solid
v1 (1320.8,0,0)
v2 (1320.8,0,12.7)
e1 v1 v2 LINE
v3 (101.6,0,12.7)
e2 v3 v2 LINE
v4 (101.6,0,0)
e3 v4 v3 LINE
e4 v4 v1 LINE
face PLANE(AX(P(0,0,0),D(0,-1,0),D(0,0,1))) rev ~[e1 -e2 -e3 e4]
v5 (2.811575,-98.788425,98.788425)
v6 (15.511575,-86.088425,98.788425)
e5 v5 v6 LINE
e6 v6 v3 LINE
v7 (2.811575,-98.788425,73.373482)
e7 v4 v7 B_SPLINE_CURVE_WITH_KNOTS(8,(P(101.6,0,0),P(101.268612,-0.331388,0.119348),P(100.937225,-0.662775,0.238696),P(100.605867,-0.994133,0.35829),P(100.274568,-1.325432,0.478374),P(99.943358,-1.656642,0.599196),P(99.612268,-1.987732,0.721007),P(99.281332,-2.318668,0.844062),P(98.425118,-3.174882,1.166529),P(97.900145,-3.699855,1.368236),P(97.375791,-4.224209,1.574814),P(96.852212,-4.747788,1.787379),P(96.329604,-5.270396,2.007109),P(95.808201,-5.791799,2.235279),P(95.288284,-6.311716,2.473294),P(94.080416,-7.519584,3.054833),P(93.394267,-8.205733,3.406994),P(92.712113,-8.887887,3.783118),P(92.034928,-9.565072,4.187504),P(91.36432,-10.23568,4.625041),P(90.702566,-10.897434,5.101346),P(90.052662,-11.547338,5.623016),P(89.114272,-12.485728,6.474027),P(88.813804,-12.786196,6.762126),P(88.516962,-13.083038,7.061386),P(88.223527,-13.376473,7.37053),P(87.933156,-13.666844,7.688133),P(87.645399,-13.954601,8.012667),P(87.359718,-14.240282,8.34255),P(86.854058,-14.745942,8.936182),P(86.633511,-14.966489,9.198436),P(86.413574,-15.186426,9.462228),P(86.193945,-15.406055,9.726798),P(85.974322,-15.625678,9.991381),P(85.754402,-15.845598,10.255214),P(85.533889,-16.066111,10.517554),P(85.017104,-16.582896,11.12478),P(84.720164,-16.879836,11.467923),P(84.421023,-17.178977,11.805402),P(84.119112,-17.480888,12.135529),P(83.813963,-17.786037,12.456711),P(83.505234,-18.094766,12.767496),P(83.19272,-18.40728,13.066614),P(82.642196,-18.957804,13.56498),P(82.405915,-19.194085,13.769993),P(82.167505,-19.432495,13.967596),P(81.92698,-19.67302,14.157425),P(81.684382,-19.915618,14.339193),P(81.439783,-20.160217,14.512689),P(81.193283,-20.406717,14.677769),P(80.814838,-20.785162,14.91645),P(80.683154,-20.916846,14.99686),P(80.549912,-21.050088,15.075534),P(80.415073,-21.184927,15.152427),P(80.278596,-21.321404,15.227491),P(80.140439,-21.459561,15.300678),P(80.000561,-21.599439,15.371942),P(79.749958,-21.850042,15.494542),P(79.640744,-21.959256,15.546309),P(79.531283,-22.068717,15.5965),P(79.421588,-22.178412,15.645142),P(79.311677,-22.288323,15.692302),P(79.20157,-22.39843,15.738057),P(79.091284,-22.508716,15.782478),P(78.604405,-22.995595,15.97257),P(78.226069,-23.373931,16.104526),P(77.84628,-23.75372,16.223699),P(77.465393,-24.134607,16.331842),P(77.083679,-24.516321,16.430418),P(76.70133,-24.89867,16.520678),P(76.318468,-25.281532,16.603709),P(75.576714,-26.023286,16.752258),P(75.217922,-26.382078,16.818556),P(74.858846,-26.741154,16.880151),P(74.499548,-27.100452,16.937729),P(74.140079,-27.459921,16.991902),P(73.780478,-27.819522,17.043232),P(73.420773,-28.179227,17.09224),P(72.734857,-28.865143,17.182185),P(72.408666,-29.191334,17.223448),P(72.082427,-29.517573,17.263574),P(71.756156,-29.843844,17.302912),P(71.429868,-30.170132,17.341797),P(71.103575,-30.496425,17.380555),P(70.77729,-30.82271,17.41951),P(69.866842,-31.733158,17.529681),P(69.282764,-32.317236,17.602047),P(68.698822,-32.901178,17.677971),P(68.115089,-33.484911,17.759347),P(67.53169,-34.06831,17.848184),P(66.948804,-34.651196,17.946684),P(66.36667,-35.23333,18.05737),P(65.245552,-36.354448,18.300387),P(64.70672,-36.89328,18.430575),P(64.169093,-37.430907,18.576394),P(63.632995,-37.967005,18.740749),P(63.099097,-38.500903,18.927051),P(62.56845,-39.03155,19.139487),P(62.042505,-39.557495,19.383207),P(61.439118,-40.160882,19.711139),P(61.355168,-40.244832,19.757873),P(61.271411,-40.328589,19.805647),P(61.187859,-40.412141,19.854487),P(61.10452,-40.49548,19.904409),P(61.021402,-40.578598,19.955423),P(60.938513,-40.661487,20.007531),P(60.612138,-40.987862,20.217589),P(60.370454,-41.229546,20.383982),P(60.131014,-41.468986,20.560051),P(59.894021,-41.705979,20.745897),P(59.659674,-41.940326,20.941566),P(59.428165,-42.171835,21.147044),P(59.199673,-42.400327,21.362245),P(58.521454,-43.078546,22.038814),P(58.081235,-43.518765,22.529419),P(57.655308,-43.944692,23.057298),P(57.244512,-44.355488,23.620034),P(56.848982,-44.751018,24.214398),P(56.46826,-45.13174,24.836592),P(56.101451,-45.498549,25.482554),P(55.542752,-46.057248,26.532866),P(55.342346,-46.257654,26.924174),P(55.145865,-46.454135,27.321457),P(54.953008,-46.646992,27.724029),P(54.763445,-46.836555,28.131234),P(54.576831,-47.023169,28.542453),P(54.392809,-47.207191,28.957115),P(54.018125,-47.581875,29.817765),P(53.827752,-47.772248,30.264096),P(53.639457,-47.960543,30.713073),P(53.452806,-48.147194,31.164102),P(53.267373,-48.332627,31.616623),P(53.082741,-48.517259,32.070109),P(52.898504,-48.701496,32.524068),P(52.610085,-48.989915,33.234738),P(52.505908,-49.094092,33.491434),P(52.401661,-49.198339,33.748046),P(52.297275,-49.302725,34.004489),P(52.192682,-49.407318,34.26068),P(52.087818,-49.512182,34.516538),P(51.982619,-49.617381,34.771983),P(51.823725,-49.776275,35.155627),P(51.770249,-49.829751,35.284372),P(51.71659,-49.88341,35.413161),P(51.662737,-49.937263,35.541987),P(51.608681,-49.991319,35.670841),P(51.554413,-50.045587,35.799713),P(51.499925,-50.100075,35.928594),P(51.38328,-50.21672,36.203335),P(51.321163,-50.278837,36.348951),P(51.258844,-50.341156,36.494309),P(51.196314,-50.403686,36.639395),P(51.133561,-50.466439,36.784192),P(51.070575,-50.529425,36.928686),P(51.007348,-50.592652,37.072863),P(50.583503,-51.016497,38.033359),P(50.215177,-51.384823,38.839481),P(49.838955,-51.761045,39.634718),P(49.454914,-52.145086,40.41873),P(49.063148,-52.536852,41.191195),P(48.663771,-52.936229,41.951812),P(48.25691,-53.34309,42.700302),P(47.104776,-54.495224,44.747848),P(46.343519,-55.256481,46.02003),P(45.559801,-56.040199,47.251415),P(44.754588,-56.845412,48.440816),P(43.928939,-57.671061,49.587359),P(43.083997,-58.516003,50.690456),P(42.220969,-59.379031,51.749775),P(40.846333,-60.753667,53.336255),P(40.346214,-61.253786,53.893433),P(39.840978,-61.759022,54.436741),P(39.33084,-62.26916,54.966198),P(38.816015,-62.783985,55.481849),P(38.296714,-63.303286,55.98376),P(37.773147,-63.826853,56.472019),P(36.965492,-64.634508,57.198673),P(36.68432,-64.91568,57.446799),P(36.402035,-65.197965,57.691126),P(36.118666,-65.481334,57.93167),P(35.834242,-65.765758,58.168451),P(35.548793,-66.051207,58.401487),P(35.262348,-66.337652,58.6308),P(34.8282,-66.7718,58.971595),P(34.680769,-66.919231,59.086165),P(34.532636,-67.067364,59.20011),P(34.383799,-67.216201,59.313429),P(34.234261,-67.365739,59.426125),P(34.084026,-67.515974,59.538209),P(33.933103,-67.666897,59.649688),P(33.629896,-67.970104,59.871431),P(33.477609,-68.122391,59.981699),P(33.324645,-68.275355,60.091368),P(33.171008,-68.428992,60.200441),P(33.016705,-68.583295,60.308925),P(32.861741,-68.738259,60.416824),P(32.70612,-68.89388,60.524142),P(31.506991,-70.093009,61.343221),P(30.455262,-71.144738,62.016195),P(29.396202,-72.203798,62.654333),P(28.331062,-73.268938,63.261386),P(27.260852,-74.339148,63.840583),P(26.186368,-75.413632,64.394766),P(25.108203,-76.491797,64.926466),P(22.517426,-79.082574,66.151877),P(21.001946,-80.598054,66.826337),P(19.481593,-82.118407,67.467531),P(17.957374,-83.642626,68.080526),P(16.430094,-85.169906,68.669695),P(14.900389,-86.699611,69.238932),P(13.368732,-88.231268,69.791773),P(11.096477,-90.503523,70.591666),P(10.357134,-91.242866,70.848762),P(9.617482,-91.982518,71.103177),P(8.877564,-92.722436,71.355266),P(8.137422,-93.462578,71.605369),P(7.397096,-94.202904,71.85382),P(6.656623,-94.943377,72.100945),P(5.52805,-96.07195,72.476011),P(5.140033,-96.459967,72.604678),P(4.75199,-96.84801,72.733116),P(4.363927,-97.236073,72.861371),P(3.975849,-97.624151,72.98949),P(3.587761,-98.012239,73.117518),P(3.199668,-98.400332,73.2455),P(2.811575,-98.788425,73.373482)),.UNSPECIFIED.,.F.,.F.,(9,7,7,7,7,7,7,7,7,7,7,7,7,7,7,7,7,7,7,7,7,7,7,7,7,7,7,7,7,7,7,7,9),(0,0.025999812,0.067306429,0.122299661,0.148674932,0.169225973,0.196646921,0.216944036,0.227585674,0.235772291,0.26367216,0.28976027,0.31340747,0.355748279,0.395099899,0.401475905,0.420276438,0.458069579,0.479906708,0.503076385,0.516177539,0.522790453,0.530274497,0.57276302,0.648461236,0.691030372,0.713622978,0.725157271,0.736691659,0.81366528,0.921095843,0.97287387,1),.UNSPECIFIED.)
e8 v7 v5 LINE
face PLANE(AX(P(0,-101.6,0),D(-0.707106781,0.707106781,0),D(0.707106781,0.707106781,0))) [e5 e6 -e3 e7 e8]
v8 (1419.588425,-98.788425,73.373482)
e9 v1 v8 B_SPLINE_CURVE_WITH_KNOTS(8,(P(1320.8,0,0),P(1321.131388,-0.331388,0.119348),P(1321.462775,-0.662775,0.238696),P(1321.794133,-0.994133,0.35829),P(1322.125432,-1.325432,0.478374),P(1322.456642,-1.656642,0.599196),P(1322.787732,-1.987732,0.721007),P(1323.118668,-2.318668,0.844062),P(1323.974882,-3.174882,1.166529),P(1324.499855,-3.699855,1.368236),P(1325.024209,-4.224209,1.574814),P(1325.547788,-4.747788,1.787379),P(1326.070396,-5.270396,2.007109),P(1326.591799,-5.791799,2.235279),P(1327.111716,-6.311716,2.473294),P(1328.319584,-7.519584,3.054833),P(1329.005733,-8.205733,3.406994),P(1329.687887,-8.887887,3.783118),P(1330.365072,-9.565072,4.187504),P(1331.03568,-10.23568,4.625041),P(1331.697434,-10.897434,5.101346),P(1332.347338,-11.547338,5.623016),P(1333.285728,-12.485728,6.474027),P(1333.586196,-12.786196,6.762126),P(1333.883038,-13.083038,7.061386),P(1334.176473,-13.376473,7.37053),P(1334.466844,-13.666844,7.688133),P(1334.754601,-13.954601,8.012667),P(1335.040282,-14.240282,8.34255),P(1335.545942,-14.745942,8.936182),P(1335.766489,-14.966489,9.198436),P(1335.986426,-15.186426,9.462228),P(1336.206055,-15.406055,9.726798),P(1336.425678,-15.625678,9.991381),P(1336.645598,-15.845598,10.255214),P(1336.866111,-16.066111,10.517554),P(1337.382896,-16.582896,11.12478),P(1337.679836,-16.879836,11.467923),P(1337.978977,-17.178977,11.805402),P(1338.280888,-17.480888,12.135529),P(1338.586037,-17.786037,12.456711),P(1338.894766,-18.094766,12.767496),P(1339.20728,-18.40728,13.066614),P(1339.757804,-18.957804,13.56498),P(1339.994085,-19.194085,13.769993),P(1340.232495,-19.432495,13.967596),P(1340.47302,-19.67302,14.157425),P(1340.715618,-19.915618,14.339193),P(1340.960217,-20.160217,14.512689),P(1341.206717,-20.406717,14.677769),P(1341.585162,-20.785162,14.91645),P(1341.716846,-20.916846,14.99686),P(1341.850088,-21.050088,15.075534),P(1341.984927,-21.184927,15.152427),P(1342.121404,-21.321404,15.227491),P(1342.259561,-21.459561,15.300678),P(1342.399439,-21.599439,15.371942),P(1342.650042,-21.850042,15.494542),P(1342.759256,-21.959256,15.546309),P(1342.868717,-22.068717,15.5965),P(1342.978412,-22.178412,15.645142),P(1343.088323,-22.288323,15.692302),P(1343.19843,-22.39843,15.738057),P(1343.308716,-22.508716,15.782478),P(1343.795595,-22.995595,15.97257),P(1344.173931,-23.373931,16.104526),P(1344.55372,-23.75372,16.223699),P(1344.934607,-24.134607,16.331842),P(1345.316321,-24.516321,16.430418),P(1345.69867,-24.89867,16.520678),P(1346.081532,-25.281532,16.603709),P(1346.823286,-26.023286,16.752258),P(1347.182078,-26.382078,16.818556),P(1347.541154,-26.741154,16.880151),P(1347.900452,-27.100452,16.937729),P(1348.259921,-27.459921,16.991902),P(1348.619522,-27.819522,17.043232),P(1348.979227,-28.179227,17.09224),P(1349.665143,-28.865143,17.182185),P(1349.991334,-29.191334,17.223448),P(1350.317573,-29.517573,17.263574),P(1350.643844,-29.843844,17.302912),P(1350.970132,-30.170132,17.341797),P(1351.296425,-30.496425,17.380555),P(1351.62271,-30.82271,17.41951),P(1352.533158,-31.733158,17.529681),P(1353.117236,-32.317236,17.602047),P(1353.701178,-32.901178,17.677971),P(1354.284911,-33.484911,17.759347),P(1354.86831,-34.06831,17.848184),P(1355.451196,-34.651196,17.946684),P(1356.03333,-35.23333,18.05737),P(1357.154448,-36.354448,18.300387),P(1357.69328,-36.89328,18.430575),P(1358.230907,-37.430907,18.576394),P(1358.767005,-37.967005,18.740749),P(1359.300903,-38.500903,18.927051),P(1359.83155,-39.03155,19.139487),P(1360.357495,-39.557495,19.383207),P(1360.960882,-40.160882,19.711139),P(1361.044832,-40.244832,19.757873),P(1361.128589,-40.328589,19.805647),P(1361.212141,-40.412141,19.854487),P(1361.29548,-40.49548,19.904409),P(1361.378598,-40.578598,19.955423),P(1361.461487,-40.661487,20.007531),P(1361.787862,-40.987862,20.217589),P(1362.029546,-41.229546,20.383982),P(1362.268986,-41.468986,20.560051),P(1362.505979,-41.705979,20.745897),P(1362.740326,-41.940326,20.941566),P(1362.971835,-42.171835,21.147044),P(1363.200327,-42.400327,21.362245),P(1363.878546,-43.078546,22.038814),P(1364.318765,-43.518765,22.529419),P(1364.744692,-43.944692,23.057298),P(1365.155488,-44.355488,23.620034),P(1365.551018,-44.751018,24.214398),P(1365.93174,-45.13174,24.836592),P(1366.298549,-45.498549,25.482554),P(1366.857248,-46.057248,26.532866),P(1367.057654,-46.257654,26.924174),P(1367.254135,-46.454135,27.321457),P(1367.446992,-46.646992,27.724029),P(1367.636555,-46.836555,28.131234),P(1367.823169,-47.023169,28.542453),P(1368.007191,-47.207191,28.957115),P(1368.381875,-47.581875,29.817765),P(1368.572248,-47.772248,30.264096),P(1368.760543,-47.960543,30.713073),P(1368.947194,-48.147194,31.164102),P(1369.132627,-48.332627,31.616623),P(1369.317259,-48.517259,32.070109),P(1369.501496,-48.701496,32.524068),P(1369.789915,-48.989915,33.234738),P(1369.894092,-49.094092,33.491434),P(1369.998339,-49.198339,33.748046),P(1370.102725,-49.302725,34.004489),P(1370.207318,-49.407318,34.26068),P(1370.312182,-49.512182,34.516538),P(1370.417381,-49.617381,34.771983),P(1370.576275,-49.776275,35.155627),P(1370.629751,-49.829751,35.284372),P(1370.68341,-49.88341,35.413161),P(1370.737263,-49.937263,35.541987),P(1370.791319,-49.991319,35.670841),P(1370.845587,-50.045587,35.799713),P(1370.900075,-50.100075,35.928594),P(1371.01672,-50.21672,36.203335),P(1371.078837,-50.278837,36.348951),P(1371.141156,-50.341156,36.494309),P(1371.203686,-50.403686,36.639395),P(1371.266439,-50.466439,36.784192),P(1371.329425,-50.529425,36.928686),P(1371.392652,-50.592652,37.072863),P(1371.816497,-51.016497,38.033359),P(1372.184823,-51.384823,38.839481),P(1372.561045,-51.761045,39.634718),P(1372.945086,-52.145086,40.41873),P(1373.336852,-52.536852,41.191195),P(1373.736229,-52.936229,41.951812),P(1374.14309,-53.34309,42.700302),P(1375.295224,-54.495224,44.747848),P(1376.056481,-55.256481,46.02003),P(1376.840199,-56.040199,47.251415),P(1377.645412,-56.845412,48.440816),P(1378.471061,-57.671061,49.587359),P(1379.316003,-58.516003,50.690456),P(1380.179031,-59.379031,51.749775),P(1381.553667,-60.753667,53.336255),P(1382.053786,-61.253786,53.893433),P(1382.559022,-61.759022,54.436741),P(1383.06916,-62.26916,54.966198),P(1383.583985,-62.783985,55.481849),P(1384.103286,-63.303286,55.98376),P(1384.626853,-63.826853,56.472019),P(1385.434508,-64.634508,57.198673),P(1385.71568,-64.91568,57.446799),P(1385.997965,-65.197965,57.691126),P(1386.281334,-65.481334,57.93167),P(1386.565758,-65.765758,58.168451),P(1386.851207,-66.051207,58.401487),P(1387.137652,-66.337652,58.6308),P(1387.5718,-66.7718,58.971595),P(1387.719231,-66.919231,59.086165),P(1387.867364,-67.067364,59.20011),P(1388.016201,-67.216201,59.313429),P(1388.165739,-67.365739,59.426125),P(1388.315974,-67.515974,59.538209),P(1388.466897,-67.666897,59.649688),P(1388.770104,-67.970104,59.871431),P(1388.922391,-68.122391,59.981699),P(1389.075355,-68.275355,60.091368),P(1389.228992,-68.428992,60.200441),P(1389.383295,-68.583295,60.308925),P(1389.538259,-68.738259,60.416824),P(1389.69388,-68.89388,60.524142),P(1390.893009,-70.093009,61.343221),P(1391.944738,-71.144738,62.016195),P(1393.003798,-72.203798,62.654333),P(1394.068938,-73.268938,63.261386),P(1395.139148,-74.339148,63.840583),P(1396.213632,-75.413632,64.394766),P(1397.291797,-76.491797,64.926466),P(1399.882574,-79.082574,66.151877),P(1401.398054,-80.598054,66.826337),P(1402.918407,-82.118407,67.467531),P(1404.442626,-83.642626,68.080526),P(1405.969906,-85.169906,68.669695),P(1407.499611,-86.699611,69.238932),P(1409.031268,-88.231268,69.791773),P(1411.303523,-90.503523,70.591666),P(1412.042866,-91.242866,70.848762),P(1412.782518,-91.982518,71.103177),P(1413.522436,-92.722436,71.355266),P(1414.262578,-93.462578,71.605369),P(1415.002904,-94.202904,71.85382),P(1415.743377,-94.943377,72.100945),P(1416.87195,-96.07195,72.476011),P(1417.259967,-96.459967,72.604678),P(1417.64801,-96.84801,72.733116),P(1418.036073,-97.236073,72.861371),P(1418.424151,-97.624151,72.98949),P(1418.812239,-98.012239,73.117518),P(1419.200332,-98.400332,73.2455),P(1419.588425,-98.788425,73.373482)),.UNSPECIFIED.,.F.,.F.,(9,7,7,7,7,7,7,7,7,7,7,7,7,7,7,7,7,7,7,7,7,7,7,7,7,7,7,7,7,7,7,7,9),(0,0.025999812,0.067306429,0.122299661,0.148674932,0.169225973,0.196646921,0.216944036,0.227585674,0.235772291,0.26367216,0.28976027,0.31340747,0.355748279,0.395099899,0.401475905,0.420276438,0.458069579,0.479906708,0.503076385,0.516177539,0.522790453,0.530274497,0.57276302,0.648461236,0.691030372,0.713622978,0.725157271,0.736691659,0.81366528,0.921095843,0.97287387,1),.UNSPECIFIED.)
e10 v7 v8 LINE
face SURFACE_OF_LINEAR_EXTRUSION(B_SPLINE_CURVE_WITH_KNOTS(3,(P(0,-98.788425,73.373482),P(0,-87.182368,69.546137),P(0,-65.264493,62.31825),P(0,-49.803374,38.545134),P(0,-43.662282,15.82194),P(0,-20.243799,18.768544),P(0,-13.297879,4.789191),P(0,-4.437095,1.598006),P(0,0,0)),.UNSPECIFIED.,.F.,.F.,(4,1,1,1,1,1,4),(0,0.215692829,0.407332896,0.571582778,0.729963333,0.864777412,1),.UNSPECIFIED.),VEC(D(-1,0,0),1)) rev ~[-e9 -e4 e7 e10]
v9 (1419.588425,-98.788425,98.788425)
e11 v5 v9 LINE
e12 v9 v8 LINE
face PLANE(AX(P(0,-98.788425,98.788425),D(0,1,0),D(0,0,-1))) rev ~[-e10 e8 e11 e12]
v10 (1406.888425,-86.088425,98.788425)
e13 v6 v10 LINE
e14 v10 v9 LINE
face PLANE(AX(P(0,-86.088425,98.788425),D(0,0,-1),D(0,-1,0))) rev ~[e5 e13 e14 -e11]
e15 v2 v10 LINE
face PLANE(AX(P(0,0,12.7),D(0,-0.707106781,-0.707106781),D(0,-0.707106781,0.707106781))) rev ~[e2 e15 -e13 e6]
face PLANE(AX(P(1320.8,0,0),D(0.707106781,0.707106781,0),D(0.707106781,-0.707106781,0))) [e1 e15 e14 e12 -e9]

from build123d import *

# Parameters (mm, degrees)
F1_DEPTH = 1447.8
F3_DEPTH = 127
F5_DEPTH = 127


with BuildPart() as f1:
    # F0 (on Right) → F1 (new body)
    with BuildSketch(Plane.YZ):
        with BuildLine():
            add(Edge.make_bspline(
                [(-98.7884248642, 73.3734816313), (-87.1823684526, 69.5461370455), (-65.2644929938, 62.3182502427), (-49.8033739198, 38.5451340065), (-43.6622822427, 15.8219402802), (-20.2437994586, 18.7685438503), (-13.297879309, 4.7891906519), (-4.43709461, 1.5980060831), (0, 0)],
                knots=[0, 0, 0, 0, 0.2156928292, 0.4073328959, 0.5715827781, 0.7299633327, 0.8647774117, 1, 1, 1, 1], degree=3))
            Line((0, 0), (0, 12.7))
            Line((0, 12.7), (-86.0884248642, 98.7884248642))
            Line((-86.0884248642, 98.7884248642), (-98.7884248642, 98.7884248642))
            Line((-98.7884248642, 98.7884248642), (-98.7884248642, 73.3734816313))
        make_face()
    extrude(amount=F1_DEPTH)

    # F2 (on Top) → F3 (cut)
    with BuildSketch(Plane.XY):
        Polygon((101.6, 0), (0, 0), (0, -101.6), align=None)
    extrude(amount=F3_DEPTH, mode=Mode.SUBTRACT)

    # F4 (on Top) → F5 (cut)
    with BuildSketch(Plane.XY):
        Polygon((1542.4486112665, 0), (1320.8, 0), (1542.4486112665, -221.6486112665), align=None)
    extrude(amount=F5_DEPTH, mode=Mode.SUBTRACT)


solid = f1.part
